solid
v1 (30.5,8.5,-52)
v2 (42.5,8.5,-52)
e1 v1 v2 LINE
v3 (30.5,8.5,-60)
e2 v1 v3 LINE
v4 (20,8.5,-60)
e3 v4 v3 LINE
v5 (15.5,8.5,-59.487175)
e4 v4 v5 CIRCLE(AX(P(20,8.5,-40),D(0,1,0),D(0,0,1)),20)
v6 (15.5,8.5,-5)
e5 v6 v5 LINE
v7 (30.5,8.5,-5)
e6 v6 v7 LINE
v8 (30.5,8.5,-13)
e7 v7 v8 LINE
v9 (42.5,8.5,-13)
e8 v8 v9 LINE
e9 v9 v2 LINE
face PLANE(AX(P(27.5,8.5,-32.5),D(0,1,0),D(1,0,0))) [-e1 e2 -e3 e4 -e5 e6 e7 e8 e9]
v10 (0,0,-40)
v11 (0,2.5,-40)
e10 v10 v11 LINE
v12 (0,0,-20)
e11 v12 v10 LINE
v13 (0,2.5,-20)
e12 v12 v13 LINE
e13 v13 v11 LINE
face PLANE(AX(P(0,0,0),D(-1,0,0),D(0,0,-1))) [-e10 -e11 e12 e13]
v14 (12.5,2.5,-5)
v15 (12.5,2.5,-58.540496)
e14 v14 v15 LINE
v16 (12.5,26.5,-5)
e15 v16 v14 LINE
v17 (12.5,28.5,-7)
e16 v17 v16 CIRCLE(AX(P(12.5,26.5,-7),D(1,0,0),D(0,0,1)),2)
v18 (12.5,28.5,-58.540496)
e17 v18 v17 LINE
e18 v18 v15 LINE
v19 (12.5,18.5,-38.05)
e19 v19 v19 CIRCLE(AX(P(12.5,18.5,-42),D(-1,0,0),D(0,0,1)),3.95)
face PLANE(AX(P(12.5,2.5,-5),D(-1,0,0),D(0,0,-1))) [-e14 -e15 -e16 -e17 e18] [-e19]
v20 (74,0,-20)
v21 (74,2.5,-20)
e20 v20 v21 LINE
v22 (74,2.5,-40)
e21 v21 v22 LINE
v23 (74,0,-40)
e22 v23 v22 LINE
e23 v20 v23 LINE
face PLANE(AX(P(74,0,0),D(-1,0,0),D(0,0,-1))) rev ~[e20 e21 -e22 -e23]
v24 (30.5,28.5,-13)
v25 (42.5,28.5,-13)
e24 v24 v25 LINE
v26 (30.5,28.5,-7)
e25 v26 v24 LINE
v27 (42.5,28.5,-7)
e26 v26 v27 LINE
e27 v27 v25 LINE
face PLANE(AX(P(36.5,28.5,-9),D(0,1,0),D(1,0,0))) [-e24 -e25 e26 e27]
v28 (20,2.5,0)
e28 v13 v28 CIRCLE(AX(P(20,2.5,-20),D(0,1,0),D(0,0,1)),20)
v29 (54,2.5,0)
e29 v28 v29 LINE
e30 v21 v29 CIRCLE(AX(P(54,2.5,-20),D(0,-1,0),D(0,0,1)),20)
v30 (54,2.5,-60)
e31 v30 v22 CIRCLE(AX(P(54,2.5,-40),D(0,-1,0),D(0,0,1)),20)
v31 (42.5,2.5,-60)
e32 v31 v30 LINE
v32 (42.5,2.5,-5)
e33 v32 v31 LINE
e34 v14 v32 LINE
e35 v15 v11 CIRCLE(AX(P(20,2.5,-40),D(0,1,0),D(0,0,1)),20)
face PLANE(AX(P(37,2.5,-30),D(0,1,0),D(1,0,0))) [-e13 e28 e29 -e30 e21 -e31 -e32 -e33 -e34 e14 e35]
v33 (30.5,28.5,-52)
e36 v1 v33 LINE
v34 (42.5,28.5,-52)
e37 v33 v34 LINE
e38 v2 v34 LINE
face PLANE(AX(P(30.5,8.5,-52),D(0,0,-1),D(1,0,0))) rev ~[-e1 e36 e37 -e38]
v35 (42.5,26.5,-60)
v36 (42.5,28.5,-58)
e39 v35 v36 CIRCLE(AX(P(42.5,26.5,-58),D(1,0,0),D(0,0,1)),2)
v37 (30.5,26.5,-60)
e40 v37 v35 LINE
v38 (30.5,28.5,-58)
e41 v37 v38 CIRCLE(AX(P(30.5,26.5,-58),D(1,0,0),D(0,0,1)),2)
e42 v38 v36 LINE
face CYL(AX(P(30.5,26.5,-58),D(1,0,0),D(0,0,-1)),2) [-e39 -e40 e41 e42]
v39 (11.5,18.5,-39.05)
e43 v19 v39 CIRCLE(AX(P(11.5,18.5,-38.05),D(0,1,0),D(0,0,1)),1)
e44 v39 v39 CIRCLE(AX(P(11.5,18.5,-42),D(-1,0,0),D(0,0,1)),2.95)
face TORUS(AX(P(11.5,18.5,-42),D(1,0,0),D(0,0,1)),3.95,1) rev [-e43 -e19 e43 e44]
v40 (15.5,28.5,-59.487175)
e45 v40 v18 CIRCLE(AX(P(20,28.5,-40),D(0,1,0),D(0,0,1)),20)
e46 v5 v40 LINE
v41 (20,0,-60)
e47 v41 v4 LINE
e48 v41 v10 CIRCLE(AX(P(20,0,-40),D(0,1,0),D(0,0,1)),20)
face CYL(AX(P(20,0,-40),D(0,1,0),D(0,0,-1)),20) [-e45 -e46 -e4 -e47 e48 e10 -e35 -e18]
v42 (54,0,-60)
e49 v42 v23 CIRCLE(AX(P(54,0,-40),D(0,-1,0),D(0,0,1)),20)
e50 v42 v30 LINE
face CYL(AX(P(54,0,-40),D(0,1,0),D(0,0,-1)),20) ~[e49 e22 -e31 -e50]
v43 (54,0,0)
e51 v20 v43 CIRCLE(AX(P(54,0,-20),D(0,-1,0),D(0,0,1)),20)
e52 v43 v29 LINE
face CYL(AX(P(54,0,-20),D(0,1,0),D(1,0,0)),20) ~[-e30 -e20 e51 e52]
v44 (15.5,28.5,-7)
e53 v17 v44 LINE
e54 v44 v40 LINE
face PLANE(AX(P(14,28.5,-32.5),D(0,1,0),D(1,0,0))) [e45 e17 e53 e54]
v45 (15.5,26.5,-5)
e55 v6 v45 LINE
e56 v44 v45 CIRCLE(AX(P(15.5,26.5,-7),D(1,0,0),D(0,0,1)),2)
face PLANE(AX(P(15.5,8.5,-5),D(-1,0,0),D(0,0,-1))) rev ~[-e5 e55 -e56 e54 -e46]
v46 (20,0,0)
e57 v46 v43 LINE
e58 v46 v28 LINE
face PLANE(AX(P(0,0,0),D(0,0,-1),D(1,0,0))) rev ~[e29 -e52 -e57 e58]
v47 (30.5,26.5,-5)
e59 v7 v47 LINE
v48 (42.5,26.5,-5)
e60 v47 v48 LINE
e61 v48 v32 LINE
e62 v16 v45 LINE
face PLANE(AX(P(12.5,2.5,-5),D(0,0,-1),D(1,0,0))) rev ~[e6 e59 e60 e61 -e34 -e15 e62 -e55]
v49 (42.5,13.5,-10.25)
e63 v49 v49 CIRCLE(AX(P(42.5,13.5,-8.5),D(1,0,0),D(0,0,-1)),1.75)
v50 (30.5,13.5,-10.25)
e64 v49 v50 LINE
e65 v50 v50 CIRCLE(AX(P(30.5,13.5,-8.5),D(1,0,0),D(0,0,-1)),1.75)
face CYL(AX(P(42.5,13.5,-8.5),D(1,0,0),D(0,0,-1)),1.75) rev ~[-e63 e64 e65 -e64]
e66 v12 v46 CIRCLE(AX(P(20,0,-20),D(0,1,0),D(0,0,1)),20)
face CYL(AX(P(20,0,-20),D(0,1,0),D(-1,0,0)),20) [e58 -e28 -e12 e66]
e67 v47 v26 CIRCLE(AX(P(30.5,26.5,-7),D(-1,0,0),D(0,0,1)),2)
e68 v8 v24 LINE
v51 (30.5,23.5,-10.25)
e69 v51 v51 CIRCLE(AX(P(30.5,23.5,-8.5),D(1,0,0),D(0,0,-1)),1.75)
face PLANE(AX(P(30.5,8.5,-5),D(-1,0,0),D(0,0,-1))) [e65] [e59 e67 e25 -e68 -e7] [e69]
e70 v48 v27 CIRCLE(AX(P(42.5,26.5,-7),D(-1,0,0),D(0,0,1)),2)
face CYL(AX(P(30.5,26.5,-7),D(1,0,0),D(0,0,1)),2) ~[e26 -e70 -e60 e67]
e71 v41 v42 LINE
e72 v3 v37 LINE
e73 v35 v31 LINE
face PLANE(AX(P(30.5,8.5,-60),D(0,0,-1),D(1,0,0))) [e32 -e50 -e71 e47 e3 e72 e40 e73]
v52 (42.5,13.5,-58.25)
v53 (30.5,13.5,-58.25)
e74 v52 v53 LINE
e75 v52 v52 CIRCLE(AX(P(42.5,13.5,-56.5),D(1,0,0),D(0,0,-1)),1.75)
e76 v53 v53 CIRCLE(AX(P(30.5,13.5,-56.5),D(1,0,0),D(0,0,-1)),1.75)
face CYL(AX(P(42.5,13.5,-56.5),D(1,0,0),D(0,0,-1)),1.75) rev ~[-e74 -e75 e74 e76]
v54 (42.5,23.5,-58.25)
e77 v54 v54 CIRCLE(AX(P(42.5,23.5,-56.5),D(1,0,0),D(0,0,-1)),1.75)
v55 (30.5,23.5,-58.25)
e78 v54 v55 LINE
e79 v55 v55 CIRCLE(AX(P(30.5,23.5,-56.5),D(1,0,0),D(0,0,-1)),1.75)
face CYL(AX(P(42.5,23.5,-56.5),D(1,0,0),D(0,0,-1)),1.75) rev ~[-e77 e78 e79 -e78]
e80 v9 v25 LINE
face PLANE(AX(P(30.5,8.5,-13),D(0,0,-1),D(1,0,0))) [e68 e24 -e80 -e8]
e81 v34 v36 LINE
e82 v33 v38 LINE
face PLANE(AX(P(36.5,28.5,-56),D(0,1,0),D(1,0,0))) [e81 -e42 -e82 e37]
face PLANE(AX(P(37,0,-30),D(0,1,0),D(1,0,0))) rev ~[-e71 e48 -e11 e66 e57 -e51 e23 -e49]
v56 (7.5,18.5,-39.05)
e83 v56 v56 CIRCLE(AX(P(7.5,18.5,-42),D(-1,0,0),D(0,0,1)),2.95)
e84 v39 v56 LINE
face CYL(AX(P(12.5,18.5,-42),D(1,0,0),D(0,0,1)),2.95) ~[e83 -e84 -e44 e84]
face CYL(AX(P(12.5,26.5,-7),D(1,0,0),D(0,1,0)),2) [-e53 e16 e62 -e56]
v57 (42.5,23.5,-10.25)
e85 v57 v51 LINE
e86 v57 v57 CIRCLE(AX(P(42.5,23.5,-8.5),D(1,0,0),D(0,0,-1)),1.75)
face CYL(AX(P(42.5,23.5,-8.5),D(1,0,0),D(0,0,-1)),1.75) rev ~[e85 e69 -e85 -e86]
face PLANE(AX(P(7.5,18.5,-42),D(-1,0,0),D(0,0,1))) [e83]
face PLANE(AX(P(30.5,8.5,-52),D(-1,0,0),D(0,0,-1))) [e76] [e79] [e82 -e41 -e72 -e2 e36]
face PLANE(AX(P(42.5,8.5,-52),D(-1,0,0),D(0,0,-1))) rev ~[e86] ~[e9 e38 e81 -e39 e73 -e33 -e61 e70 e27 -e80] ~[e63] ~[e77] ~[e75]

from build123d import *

# Parameters (mm, degrees)
ESQUISSE1_W             = 74
ESQUISSE1_H             = 60
BOSS_EXTRU_1_DEPTH      = 2.5
ESQUISSE2_W             = 30
ESQUISSE2_H             = 55
BOSS_EXTRU_2_DEPTH      = 6
ESQUISSE4_W             = 12
ESQUISSE4_H             = 8
BOSS_EXTRU_3_DEPTH      = 20
ESQUISSE5_R             = 1.75
ENL_V_MAT_EXTRU_1_DEPTH = 20
ESQUISSE6_R             = 2.95
BOSS_EXTRU_4_DEPTH      = 5
CONG_1_R                = 1
CONG_2_R                = 20
CONG_3_R                = 2


with BuildPart() as part:
    # Esquisse1 → Boss.-Extru.1 (new body)
    with BuildSketch(Plane(origin=(0, 0, 0), x_dir=(1, 0, 0), z_dir=(0, 1, 0))):
        with Locations((37, 30)):
            Rectangle(ESQUISSE1_W, ESQUISSE1_H)
    extrude(amount=BOSS_EXTRU_1_DEPTH)

    # Esquisse2 → Boss.-Extru.2 (add)
    with BuildSketch(Plane(origin=(0, 2.5, 0), x_dir=(1, 0, 0), z_dir=(0, 1, 0))):
        with Locations((27.5, 32.5)):
            Rectangle(ESQUISSE2_W, ESQUISSE2_H)
    extrude(amount=BOSS_EXTRU_2_DEPTH)

    # Esquisse4 → Boss.-Extru.3 (add)
    with BuildSketch(Plane(origin=(0, 8.5, 0), x_dir=(1, 0, 0), z_dir=(0, 1, 0))):
        with Locations((36.5, 56)):
            Rectangle(ESQUISSE4_W, ESQUISSE4_H)
        Polygon((12.5, 60), (12.5, 52), (12.5, 13), (12.5, 5), (15.5, 5), (15.5, 13), (15.5, 52), (15.5, 60), align=None)
        with Locations((36.5, 9)):
            Rectangle(ESQUISSE4_W, ESQUISSE4_H)
    extrude(amount=BOSS_EXTRU_3_DEPTH)

    # Esquisse5 → Enlèv. mat.-Extru.1 (cut)
    with BuildSketch(Plane(origin=(42.5, 0, 0), x_dir=(0, 0, -1), z_dir=(1, 0, 0))):
        with Locations((8.5, 23.5)):
            Circle(ESQUISSE5_R)
        with Locations((8.5, 13.5)):
            Circle(ESQUISSE5_R)
        with Locations((56.5, 23.5)):
            Circle(ESQUISSE5_R)
        with Locations((56.5, 13.5)):
            Circle(ESQUISSE5_R)
    extrude(amount=-ENL_V_MAT_EXTRU_1_DEPTH, mode=Mode.SUBTRACT)

    # Esquisse6 → Boss.-Extru.4 (add)
    with BuildSketch(Plane.ZY.offset(-12.5)):
        with Locations((-42, 18.5)):
            Circle(ESQUISSE6_R)
    extrude(amount=BOSS_EXTRU_4_DEPTH)

    # Congé1
    cong_1_edges = [part.edges().sort_by_distance(p)[0] for p in [
        (12.5, 18.5, -44.95),
    ]]
    fillet(cong_1_edges, radius=CONG_1_R)

    # Congé2
    cong_2_edges = [part.edges().sort_by_distance(p)[0] for p in [
        (74, 1.25, -60),
        (74, 1.25, 0),
        (0, 1.25, 0),
        (0, 1.25, -60),
    ]]
    fillet(cong_2_edges, radius=CONG_2_R)

    # Congé3
    cong_3_edges = [part.edges().sort_by_distance(p)[0] for p in [
        (36.5, 28.5, -60),
        (14, 28.5, -5),
        (36.5, 28.5, -5),
    ]]
    fillet(cong_3_edges, radius=CONG_3_R)


solid = part.part
